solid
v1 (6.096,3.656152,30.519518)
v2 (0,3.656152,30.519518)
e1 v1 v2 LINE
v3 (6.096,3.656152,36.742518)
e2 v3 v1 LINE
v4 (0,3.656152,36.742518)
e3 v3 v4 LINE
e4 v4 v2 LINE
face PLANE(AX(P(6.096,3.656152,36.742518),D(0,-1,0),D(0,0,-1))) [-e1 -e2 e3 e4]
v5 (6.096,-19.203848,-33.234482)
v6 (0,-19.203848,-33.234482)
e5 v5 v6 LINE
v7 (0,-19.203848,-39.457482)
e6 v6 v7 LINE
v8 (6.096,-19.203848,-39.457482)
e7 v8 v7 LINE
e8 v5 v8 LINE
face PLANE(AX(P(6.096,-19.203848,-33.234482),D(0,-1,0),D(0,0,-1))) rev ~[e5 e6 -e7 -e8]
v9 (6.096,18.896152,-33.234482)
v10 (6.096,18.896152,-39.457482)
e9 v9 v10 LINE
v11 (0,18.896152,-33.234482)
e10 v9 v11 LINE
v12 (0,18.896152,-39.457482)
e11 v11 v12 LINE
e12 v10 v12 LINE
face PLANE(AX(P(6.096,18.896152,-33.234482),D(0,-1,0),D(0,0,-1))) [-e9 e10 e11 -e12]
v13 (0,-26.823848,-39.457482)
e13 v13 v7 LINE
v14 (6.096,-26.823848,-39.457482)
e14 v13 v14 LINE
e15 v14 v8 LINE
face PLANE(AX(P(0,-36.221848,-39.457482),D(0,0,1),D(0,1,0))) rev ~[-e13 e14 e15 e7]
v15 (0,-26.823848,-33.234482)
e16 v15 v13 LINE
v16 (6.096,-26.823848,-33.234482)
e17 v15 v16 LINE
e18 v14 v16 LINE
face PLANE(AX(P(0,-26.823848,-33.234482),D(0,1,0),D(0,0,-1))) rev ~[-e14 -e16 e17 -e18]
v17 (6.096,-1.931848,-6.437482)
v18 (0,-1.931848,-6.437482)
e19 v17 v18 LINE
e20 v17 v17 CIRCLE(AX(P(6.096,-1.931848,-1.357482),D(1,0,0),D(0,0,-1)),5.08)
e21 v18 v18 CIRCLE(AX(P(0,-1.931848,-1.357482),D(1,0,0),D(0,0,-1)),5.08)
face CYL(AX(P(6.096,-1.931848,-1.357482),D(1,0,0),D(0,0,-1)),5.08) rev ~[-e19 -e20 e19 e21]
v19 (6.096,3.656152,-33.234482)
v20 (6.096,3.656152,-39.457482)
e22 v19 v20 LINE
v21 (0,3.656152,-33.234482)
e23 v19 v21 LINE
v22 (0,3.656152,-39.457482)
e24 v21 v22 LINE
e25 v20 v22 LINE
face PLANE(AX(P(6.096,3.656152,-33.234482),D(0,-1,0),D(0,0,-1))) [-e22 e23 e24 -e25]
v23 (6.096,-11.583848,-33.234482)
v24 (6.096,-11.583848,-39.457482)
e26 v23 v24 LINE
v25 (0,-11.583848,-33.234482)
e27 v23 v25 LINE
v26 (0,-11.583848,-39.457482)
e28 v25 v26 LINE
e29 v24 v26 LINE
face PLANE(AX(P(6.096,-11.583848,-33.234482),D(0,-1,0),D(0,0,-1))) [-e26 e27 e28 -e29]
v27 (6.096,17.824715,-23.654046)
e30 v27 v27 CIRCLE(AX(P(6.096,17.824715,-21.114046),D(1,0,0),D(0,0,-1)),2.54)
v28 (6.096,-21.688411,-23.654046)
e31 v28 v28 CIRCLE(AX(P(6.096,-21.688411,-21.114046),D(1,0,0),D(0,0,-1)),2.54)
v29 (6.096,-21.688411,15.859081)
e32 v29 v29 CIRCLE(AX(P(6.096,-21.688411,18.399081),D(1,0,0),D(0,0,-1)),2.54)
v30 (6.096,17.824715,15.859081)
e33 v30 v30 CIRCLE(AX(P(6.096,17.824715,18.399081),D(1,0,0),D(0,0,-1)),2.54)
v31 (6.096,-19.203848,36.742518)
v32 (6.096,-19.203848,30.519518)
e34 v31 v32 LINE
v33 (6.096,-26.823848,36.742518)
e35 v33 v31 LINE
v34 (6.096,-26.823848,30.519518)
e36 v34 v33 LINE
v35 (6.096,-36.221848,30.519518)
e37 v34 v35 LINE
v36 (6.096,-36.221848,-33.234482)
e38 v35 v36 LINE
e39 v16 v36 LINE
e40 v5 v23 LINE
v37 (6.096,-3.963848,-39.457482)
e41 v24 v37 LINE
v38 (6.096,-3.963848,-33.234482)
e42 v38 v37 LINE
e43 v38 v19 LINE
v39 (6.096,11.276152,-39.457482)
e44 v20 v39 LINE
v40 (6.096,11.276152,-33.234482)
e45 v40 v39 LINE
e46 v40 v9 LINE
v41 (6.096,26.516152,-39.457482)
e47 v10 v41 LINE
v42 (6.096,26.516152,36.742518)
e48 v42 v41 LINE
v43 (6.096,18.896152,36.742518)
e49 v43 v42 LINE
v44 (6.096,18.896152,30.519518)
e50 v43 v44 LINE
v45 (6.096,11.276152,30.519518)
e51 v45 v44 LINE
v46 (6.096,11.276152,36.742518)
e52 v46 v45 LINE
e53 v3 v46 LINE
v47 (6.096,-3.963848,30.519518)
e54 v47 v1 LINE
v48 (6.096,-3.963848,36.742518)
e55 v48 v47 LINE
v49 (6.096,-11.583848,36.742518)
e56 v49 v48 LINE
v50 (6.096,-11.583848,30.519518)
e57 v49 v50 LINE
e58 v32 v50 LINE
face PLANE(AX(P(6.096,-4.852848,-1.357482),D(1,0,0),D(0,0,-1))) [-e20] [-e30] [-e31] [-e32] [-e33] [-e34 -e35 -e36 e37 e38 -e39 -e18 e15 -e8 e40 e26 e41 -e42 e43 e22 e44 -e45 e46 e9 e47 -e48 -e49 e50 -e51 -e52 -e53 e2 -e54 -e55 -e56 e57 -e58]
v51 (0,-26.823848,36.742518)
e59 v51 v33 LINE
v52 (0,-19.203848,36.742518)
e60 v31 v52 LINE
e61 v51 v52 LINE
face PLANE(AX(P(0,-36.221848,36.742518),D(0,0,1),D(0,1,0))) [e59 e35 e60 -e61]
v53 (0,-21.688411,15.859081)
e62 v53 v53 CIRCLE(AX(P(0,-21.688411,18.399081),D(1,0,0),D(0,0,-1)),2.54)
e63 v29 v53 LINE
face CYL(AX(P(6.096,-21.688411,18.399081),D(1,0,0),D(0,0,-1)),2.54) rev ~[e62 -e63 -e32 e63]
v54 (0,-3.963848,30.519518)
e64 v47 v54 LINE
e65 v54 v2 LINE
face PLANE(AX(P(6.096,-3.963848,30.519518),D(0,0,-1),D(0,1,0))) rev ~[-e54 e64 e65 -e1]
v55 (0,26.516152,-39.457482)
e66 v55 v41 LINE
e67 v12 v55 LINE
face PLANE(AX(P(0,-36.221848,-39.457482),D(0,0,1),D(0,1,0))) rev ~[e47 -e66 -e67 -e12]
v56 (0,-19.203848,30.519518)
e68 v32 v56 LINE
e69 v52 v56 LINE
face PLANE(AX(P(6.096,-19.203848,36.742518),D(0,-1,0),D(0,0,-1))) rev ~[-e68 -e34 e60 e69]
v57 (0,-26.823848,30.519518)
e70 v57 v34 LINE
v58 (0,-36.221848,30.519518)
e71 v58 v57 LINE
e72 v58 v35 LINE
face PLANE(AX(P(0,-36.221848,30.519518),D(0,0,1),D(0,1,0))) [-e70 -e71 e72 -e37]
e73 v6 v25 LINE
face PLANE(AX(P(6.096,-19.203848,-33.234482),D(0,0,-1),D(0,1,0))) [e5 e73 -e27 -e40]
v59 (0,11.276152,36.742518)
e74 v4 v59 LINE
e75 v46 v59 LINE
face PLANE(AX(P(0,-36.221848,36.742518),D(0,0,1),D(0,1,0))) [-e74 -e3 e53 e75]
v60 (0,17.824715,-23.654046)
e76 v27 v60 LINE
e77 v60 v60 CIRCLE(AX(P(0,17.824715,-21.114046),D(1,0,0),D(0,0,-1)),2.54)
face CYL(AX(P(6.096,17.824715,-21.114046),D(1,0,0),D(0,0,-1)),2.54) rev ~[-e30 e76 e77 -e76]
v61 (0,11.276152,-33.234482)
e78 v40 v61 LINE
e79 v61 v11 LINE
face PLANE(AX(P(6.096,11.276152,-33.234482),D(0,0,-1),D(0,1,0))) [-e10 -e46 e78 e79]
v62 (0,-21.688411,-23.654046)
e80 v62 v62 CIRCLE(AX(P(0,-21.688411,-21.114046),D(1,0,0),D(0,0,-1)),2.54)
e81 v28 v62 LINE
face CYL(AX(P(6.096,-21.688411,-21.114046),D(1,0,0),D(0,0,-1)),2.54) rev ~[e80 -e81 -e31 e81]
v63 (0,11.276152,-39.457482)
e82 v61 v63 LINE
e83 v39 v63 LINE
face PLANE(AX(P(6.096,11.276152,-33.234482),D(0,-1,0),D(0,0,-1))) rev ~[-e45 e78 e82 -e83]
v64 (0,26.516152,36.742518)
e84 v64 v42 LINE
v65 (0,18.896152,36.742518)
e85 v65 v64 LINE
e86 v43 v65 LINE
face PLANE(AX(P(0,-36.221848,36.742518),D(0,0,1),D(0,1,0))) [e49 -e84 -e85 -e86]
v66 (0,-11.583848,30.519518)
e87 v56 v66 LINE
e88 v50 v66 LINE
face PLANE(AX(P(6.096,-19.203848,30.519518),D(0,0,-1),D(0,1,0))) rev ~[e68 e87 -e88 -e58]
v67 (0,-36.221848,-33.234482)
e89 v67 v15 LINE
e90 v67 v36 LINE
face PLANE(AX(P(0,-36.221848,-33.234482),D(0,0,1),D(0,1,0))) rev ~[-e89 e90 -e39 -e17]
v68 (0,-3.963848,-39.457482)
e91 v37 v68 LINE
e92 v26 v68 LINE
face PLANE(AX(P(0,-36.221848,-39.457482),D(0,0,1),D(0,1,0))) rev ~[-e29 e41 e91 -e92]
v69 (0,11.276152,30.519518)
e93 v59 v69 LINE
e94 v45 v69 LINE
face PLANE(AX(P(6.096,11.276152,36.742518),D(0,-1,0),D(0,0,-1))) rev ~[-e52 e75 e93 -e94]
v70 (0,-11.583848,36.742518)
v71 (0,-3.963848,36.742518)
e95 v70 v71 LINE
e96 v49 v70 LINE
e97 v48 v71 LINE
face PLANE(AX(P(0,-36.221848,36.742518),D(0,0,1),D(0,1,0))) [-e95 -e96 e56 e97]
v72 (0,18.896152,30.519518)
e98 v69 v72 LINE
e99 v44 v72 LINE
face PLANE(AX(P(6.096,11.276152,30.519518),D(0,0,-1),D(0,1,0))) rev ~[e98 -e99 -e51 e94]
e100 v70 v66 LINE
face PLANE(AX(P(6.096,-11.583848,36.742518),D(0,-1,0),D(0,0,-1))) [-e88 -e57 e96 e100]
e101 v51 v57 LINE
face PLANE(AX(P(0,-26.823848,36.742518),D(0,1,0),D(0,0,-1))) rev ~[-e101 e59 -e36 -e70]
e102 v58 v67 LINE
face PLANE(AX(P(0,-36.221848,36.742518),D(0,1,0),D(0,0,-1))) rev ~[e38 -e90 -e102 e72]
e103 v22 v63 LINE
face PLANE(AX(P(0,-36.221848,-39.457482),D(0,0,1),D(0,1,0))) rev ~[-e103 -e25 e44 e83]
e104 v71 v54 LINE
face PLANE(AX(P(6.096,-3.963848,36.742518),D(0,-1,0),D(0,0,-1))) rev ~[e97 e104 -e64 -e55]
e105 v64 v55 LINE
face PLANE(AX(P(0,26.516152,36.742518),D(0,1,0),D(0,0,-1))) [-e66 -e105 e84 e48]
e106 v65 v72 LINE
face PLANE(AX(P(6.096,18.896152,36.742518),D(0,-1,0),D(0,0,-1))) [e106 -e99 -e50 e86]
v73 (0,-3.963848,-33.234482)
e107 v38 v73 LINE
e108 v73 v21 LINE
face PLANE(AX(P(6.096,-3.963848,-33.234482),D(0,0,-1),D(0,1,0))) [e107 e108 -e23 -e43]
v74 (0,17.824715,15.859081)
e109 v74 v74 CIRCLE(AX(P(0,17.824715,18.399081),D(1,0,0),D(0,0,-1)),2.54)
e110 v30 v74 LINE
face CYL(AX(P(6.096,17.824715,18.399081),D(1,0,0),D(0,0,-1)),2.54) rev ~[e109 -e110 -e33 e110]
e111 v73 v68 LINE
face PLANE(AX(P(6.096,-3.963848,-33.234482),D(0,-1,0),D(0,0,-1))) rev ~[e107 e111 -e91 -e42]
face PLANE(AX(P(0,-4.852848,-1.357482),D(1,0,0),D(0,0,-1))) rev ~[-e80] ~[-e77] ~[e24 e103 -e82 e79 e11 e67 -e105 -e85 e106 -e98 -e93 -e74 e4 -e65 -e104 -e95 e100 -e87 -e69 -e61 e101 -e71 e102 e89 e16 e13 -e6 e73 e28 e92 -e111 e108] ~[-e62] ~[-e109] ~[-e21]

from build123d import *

# Parameters (mm, degrees)
SKETCH1_W               = 76.2
SKETCH1_H               = 62.738
BOSS_EXTRUDE1_DEPTH     = 6.096
SKETCH2_R               = 5.08
SKETCH2_R_2             = 2.54
CUT_EXTRUDE1_DEPTH      = 6.096
SKETCH3_W               = 6.223
SKETCH3_H               = 7.62
CUT_EXTRUDE2_DEPTH      = 6.096
CUT_EXTRUDE3_DEPTH      = 7.874
CUT_EXTRUDE3_DEPTH_BACK = 6.096
SKETCH4_W               = 6.223
SKETCH4_H               = 9.398


with BuildPart() as part:
    # Sketch1 → Boss-Extrude1 (new body)
    with BuildSketch(Plane(origin=(0, 0, 0), x_dir=(0, 0, -1), z_dir=(1, 0, 0))):
        with Locations((1.357482185, -4.852847981)):
            Rectangle(SKETCH1_W, SKETCH1_H)
    extrude(amount=BOSS_EXTRUDE1_DEPTH)

    # Sketch2 → Cut-Extrude1 (cut)
    with BuildSketch(Plane(origin=(6.096, 0, 0), x_dir=(0, 0, -1), z_dir=(1, 0, 0))):
        with Locations((1.357482185, -1.931847981)):
            Circle(SKETCH2_R)
        with Locations((-18.399081281, 17.824715485)):
            Circle(SKETCH2_R_2)
        with Locations((21.114045652, 17.824715485)):
            Circle(SKETCH2_R_2)
        with Locations((21.114045652, -21.688411447)):
            Circle(SKETCH2_R_2)
        with Locations((-18.399081281, -21.688411447)):
            Circle(SKETCH2_R_2)
    extrude(amount=-CUT_EXTRUDE1_DEPTH, mode=Mode.SUBTRACT)

    # Sketch3 → Cut-Extrude2 (cut)
    with BuildSketch(Plane(origin=(6.096, 0, 0), x_dir=(0, 0, -1), z_dir=(1, 0, 0))):
        with Locations((-33.631017815, 15.086152019)):
            Rectangle(SKETCH3_W, SKETCH3_H)
        with Locations((-33.631017815, -0.153847981)):
            Rectangle(SKETCH3_W, SKETCH3_H)
        with Locations((-33.631017815, -15.393847981)):
            Rectangle(SKETCH3_W, SKETCH3_H)
        with Locations((36.345982185, -15.393847981)):
            Rectangle(SKETCH3_W, SKETCH3_H)
        with Locations((36.345982185, 15.086152019)):
            Rectangle(SKETCH3_W, SKETCH3_H)
        with Locations((36.345982185, -0.153847981)):
            Rectangle(SKETCH3_W, SKETCH3_H)
    extrude(amount=-CUT_EXTRUDE2_DEPTH, mode=Mode.SUBTRACT)

    # Sketch4 → Cut-Extrude3 (cut, two sides: drawn at the far end of the back side and taken through both)
    with BuildSketch(Plane(origin=(6.096, 0, 0), x_dir=(0, 0, -1), z_dir=(1, 0, 0)).offset(-CUT_EXTRUDE3_DEPTH_BACK)):
        with Locations((36.345982185, -31.522847981)):
            Rectangle(SKETCH4_W, SKETCH4_H)
        with Locations((-33.631017815, -31.522847981)):
            Rectangle(SKETCH4_W, SKETCH4_H)
    extrude(amount=CUT_EXTRUDE3_DEPTH + CUT_EXTRUDE3_DEPTH_BACK, mode=Mode.SUBTRACT)


solid = part.part
